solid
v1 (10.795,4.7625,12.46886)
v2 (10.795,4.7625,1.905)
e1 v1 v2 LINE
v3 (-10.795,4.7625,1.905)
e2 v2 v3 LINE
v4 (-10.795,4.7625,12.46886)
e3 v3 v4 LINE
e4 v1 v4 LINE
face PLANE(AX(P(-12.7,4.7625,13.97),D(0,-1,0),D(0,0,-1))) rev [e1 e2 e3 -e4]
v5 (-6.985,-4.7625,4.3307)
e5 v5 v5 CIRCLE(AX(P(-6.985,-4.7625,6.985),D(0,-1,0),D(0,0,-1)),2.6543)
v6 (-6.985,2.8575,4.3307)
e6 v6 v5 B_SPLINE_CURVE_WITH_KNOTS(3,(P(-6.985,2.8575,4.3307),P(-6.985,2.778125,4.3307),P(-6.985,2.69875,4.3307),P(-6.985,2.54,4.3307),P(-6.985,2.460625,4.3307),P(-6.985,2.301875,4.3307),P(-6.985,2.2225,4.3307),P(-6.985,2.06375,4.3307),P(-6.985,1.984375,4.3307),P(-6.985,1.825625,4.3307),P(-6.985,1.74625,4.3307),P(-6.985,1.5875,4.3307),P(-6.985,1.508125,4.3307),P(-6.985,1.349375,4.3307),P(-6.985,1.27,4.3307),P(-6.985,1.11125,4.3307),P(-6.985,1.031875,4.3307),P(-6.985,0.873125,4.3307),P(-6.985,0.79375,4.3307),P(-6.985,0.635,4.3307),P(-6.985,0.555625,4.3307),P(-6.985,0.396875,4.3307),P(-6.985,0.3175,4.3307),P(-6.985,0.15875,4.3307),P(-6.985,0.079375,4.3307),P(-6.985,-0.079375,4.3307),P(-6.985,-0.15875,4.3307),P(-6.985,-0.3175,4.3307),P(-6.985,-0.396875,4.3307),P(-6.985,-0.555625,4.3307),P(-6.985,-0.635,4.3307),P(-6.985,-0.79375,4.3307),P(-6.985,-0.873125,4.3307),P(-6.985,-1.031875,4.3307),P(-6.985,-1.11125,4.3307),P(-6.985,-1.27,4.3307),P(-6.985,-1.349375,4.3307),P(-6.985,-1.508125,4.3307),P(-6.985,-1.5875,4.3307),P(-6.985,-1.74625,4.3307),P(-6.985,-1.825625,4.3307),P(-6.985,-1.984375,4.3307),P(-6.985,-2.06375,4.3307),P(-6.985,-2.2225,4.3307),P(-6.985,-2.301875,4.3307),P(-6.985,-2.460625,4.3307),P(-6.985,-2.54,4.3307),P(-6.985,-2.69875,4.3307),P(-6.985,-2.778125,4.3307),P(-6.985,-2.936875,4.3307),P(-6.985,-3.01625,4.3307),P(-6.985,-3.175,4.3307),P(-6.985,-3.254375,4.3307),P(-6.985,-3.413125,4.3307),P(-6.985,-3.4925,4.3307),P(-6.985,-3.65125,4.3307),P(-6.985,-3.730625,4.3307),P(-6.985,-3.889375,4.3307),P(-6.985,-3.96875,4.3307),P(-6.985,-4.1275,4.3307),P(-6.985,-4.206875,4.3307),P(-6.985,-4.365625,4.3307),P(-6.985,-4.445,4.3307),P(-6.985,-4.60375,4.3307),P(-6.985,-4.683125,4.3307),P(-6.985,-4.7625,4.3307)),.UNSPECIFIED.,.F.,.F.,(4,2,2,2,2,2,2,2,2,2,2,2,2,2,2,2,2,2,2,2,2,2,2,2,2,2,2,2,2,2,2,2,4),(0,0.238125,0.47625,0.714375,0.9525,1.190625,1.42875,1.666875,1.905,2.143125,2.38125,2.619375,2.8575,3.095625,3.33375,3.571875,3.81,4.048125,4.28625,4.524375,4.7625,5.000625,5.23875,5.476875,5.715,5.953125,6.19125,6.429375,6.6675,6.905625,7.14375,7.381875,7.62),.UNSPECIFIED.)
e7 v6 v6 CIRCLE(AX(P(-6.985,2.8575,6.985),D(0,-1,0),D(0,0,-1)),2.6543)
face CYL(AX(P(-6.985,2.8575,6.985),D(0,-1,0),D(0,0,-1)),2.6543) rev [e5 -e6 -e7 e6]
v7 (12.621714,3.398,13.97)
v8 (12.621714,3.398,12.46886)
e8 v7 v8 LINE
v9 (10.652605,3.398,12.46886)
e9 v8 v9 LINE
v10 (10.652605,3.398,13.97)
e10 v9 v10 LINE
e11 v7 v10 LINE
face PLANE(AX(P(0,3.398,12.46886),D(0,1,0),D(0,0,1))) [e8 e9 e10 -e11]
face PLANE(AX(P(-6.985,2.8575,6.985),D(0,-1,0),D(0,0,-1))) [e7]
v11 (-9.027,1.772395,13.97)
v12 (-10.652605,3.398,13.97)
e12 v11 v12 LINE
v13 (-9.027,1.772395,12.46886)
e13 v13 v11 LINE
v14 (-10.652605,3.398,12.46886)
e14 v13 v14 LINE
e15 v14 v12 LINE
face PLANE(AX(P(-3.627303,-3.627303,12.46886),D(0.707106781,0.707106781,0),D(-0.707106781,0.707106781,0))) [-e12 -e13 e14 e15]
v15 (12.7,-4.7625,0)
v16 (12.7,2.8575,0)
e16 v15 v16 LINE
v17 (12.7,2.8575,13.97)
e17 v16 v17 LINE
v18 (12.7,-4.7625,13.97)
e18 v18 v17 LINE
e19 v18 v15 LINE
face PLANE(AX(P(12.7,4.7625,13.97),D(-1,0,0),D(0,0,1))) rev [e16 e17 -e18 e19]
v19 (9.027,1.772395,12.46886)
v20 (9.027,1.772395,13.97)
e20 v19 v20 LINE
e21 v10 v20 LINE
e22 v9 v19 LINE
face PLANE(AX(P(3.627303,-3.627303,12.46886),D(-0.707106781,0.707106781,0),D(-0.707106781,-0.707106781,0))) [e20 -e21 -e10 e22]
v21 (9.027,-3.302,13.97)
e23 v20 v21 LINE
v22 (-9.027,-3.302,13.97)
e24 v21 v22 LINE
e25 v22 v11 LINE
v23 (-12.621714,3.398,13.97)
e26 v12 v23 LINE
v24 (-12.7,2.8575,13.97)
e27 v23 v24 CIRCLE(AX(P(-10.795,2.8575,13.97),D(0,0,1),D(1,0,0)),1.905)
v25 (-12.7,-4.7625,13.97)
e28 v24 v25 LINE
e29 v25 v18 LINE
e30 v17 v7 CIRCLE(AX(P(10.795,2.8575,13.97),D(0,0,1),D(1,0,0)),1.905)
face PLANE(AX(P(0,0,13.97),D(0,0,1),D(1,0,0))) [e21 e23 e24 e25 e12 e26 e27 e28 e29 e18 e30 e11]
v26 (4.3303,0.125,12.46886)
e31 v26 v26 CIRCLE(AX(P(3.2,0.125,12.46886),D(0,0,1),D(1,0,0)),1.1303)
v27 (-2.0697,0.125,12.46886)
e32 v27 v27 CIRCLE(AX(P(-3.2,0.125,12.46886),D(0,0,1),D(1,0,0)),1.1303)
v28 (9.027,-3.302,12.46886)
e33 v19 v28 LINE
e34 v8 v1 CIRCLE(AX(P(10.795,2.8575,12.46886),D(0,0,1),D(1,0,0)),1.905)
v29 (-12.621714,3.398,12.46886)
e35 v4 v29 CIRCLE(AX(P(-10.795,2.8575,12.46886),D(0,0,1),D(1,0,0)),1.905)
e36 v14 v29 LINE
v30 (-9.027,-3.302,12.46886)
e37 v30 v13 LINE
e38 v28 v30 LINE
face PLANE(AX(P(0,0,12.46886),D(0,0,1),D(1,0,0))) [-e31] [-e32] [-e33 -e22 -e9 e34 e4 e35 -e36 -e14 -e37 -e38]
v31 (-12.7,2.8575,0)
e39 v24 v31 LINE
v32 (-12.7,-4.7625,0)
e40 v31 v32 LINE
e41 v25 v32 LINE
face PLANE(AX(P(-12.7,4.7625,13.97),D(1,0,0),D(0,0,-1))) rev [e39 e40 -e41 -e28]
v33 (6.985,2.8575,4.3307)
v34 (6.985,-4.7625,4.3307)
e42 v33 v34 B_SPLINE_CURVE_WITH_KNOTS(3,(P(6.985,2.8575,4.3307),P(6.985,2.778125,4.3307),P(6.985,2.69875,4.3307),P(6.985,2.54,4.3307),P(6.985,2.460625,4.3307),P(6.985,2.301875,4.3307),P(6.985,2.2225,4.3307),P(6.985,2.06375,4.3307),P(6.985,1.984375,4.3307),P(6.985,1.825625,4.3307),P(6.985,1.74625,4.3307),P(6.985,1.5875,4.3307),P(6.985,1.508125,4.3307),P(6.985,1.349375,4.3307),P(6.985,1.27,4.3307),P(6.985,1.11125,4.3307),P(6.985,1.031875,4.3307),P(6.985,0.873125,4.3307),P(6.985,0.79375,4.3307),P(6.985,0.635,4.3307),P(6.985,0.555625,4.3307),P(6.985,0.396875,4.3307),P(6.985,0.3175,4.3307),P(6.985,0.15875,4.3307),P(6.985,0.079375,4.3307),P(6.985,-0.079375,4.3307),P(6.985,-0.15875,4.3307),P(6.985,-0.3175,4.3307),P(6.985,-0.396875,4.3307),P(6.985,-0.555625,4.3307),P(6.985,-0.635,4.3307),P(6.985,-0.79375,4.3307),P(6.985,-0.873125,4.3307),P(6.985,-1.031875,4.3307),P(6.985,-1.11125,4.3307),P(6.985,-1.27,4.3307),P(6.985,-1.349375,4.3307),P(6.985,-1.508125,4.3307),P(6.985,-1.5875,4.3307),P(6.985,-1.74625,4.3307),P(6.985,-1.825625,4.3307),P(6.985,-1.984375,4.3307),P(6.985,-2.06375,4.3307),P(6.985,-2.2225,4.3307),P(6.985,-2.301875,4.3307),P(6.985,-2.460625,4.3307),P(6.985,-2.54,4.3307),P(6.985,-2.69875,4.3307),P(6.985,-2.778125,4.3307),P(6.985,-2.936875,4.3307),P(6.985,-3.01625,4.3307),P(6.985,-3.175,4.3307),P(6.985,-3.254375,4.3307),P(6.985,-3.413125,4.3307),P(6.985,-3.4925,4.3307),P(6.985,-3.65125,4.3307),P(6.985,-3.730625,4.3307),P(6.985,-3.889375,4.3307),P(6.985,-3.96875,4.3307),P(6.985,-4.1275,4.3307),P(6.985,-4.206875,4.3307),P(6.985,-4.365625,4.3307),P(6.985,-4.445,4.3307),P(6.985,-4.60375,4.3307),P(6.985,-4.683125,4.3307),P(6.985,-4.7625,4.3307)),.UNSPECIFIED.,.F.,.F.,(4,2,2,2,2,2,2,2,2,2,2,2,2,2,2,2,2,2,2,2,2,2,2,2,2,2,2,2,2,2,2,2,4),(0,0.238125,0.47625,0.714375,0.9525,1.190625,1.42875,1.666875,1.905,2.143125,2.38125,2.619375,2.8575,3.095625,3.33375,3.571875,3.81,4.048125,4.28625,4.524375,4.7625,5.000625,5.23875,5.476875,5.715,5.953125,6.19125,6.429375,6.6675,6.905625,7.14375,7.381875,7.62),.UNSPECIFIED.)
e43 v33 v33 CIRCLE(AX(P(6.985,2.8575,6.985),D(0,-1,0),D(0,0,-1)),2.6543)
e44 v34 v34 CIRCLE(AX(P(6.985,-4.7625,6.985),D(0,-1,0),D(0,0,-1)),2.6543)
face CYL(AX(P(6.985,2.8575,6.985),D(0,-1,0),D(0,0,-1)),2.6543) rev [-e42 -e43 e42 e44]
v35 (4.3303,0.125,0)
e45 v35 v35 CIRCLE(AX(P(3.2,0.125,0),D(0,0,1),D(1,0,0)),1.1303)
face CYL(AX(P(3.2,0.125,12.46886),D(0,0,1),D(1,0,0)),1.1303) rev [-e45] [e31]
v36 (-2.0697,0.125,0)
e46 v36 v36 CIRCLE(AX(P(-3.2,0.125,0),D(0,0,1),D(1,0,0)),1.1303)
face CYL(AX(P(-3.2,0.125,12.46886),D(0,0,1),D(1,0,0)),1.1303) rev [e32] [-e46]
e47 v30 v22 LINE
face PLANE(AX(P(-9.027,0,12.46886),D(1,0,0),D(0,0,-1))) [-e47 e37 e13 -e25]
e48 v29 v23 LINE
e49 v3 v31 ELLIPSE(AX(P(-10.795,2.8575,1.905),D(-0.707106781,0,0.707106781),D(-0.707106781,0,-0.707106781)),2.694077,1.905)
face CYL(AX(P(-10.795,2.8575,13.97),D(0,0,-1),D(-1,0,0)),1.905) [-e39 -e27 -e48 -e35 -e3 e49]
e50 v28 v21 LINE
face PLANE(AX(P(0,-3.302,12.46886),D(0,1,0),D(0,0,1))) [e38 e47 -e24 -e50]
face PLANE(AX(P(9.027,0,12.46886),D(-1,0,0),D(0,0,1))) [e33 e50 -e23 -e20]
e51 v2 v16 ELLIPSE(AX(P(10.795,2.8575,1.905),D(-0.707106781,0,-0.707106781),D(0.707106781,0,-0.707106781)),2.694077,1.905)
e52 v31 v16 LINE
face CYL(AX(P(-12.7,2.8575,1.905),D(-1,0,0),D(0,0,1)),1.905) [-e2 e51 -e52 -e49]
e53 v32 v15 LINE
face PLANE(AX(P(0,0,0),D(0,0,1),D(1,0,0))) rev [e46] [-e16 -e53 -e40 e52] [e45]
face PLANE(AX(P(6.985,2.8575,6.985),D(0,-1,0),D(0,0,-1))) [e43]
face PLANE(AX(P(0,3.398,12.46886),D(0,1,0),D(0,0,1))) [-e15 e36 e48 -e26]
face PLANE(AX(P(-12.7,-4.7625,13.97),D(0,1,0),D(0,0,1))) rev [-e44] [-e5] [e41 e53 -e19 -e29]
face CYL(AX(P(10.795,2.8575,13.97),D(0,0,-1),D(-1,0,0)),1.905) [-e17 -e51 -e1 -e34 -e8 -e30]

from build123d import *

# Parameters (mm, degrees)
SKETCH1_W             = 25.4
SKETCH1_H             = 9.525
BOSS_EXTRUDE1_DEPTH   = 13.97
CUT_EXTRUDE1_DEPTH    = 1.50114
F_4_40_TAPPED_HOLE1_D = 2.2606
SKETCH5_R             = 2.6543
CUT_EXTRUDE2_DEPTH    = 7.62
FILLET1_R             = 1.905


with BuildPart() as part:
    # Sketch1 → Boss-Extrude1 (new body)
    with BuildSketch(Plane.XY):
        Rectangle(SKETCH1_W, SKETCH1_H)
    extrude(amount=BOSS_EXTRUDE1_DEPTH)

    # Sketch2 → Cut-Extrude1 (cut)
    with BuildSketch(Plane.XY.offset(13.97)):
        Polygon((10.6, 3.525), (12.7, 3.525), (12.7, 4.7625), (-12.7, 4.7625), (-12.681617083, 3.525), (-10.6, 3.525), (-8.9, 1.825), (-8.9, -3.175), (8.9, -3.175), (8.9, 1.825), align=None)
        Polygon((12.7, 3.398), (12.7, 3.525), (10.6, 3.525), (8.9, 1.825), (8.9, -3.175), (-8.9, -3.175), (-8.9, 1.825), (-10.6, 3.525), (-12.681617083, 3.525), (-12.7, 4.7625), (-12.7, 3.398), (-10.652605122, 3.398), (-9.027, 1.772394878), (-9.027, -3.302), (9.027, -3.302), (9.027, 1.772394878), (10.652605122, 3.398), align=None)
    extrude(amount=-CUT_EXTRUDE1_DEPTH, mode=Mode.SUBTRACT)

    # #4-40 Tapped Hole1 (through all)
    with Locations(Plane.XY.offset(12.46886)):
        with Locations((-3.2, 0.125), (3.2, 0.125)):
            Hole(F_4_40_TAPPED_HOLE1_D / 2)

    # Sketch5 → Cut-Extrude2 (cut)
    with BuildSketch(Plane.XZ.offset(4.7625)):
        with Locations(Location((-6.985, 6.985, 0), (0, 0, 270))):
            Circle(SKETCH5_R)
        with Locations(Location((6.985, 6.985, 0), (0, 0, 270))):
            Circle(SKETCH5_R)
    extrude(amount=-CUT_EXTRUDE2_DEPTH, mode=Mode.SUBTRACT)

    # Fillet1
    fillet1_edges = [part.edges().sort_by_distance(p)[0] for p in [
        (-12.7, 4.7625, 6.23443),
        (0, 4.7625, 0),
        (12.7, 4.7625, 6.23443),
    ]]
    fillet(fillet1_edges, radius=FILLET1_R)


solid = part.part
